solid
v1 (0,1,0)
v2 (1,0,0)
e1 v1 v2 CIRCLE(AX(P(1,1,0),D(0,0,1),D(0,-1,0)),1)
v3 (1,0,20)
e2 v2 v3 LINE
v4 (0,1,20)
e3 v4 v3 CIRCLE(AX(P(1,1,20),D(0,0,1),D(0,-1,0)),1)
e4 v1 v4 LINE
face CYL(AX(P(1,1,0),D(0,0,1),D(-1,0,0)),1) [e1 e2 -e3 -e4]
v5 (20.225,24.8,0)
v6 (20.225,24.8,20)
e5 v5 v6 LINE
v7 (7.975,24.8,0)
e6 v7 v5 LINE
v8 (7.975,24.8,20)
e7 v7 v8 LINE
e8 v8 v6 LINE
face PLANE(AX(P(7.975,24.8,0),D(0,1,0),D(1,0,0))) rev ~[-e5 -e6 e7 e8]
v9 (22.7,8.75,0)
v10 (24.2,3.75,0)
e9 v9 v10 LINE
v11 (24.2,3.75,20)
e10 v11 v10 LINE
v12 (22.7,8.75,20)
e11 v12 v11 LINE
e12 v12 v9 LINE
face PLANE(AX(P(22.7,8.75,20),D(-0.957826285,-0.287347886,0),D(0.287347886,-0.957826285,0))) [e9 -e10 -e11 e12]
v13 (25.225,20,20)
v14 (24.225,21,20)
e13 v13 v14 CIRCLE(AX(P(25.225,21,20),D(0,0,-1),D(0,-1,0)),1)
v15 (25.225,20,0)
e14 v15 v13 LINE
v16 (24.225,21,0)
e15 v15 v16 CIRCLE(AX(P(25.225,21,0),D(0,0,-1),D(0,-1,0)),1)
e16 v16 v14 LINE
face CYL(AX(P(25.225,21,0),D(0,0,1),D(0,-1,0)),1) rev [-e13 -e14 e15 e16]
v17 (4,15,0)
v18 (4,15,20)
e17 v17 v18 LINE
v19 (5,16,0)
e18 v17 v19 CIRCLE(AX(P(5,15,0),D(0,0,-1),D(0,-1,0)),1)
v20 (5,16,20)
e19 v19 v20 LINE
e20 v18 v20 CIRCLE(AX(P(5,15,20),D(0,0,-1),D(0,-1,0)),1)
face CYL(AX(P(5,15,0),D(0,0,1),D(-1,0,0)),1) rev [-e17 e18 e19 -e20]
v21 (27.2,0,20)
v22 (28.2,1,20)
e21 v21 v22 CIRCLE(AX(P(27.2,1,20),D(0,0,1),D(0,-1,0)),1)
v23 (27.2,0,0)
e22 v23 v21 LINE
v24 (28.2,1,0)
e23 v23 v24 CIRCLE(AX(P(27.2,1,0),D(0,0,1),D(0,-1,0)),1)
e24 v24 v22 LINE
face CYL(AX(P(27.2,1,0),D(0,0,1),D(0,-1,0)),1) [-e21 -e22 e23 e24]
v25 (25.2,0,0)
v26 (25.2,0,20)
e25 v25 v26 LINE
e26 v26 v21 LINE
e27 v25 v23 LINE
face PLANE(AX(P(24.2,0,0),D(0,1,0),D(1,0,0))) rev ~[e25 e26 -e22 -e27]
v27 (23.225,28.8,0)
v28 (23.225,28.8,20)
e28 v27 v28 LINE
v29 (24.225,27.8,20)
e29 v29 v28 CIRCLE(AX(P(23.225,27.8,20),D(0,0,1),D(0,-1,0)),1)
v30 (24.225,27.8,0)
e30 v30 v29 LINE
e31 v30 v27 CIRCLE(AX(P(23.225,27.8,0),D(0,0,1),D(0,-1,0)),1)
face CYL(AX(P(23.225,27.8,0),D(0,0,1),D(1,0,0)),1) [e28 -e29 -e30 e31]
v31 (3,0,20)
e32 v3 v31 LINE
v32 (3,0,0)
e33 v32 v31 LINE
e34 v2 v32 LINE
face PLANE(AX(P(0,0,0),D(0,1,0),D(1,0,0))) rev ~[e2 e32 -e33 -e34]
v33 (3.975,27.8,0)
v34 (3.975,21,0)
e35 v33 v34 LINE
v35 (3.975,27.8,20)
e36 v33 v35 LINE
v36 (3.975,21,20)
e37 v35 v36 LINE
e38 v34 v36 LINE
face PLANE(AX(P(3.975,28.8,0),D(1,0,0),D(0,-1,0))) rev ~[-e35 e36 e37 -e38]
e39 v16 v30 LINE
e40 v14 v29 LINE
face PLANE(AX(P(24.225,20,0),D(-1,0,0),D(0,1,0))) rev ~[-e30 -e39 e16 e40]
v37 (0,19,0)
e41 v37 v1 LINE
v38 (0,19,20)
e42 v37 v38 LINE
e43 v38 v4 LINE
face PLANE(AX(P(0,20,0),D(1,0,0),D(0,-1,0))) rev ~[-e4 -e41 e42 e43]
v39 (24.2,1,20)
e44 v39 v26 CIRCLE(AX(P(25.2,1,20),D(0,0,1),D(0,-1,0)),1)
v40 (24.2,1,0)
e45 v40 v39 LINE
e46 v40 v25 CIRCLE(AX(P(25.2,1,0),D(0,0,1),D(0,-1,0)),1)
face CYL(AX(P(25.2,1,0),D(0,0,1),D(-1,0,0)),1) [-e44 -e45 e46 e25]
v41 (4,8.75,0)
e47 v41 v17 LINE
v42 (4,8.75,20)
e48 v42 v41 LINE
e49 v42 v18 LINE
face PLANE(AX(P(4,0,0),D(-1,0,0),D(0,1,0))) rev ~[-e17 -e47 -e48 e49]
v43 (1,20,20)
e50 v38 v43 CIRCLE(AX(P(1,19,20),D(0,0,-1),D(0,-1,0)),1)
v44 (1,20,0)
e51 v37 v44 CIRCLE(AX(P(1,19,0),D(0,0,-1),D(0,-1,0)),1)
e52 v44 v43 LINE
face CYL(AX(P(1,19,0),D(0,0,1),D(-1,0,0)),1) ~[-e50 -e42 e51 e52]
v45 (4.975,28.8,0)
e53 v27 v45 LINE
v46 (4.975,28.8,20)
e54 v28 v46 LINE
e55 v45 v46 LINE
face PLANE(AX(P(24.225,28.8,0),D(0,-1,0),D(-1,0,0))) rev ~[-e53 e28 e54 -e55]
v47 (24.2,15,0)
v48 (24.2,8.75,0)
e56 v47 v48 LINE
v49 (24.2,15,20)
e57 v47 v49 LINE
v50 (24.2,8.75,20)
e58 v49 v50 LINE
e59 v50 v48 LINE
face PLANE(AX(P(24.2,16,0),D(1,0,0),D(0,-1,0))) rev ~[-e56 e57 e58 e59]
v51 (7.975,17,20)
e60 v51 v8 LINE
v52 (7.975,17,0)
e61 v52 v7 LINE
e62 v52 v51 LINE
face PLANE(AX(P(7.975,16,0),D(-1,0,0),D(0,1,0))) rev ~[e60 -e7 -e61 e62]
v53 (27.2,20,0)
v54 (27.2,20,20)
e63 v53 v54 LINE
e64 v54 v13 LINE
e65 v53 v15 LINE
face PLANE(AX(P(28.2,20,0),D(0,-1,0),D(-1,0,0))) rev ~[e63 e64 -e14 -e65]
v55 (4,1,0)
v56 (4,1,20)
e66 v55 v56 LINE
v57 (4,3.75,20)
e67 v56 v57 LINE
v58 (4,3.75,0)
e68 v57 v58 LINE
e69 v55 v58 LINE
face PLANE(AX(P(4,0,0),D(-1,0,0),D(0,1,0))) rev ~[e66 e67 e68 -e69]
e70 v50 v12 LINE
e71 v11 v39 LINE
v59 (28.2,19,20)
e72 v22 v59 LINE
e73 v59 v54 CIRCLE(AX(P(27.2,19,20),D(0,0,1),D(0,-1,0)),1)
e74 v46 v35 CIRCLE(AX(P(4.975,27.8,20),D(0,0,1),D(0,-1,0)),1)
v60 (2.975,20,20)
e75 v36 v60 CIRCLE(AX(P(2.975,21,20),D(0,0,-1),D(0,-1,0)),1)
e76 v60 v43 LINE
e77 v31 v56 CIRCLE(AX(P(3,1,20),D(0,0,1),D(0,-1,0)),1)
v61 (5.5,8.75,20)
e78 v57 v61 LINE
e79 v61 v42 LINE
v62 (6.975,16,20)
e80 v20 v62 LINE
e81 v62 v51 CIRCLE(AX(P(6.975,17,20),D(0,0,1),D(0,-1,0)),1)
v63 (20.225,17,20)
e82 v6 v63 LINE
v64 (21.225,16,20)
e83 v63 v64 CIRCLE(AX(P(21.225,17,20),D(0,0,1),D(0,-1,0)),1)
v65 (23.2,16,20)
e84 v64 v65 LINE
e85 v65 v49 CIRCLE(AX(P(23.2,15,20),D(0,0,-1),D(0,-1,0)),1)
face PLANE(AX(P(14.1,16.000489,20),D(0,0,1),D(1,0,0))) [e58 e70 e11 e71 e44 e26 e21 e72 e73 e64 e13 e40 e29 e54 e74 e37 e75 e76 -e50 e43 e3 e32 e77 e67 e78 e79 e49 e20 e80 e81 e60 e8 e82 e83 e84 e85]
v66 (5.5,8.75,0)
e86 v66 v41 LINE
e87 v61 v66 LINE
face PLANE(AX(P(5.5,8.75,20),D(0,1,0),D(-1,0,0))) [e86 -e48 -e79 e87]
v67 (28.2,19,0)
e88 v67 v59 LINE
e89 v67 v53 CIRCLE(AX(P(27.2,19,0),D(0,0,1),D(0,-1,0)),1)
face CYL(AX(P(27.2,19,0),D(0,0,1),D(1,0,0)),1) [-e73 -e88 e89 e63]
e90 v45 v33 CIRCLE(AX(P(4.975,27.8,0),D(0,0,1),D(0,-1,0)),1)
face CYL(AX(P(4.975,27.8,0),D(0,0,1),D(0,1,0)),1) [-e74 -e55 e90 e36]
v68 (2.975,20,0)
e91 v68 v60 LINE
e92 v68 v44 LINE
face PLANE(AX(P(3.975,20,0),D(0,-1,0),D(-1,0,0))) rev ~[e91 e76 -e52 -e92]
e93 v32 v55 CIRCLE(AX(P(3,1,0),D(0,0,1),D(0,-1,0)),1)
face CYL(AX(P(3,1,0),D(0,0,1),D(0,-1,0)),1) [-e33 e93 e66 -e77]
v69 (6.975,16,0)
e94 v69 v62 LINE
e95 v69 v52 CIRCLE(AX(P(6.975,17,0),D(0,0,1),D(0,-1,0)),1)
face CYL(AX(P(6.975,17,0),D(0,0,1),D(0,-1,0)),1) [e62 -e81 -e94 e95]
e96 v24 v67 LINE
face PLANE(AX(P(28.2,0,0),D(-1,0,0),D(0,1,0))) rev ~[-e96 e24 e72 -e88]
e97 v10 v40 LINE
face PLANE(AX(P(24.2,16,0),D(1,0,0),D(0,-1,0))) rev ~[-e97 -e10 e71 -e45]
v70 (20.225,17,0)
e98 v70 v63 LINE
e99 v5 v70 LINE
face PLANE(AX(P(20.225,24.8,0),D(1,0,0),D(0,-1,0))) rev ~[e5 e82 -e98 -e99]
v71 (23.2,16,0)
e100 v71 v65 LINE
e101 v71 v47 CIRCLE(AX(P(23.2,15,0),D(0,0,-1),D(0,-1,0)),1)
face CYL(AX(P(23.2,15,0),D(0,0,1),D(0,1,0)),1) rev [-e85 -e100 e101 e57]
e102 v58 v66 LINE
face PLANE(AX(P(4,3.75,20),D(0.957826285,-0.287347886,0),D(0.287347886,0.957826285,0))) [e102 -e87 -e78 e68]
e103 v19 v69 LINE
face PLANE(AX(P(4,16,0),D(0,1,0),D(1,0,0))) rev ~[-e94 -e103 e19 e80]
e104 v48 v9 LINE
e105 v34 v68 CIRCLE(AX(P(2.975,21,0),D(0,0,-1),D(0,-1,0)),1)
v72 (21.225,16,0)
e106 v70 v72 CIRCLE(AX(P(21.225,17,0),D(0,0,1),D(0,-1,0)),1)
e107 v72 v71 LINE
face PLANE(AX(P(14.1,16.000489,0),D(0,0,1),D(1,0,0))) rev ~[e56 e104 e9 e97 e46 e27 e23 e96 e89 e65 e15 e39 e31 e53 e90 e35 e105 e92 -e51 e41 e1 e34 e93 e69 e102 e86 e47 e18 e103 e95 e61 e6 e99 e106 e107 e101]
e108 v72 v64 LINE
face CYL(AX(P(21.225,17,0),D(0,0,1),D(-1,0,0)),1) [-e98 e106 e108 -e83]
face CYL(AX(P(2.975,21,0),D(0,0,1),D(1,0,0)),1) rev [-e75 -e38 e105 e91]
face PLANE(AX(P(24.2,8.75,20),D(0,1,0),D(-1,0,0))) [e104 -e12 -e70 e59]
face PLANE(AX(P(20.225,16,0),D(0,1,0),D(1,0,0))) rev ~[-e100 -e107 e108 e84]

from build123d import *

# Parameters (mm, degrees)
F0_DEPTH = 20
F4_R     = 1
F2_DEPTH = 20


with BuildPart() as f0:
    # F3 (on Top) → F0 (new body)
    with BuildSketch(Plane.XY):
        Polygon((0, 20), (0, 0), (4, 0), (4, 16), (7.975, 16), (7.975, 24.8), (20.225, 24.8), (20.225, 16), (24.2, 16), (24.2, 0), (28.2, 0), (28.2, 20), (24.225, 20), (24.225, 28.8), (3.975, 28.8), (3.975, 20), align=None)
    extrude(amount=F0_DEPTH)

    # F4
    f4_edges = [f0.edges().sort_by_distance(p)[0] for p in [
        (4, 16, 10),
        (24.2, 16, 10),
        (7.975, 16, 10),
        (20.225, 16, 10),
        (0, 0, 10),
        (4, 0, 10),
        (24.2, 0, 10),
        (28.2, 0, 10),
        (0, 20, 10),
        (3.975, 28.8, 10),
        (3.975, 20, 10),
        (24.225, 28.8, 10),
        (24.225, 20, 10),
        (28.2, 20, 10),
    ]]
    fillet(f4_edges, radius=F4_R)

    # F1 (on face) → F2 (join)
    with BuildSketch(Plane.XY.offset(20)):
        Polygon((5.5, 8.75), (4, 8.75), (4, 3.75), align=None)
        Polygon((24.2, 3.75), (24.2, 8.75), (22.7, 8.75), align=None)
    extrude(amount=-F2_DEPTH)


solid = f0.part
